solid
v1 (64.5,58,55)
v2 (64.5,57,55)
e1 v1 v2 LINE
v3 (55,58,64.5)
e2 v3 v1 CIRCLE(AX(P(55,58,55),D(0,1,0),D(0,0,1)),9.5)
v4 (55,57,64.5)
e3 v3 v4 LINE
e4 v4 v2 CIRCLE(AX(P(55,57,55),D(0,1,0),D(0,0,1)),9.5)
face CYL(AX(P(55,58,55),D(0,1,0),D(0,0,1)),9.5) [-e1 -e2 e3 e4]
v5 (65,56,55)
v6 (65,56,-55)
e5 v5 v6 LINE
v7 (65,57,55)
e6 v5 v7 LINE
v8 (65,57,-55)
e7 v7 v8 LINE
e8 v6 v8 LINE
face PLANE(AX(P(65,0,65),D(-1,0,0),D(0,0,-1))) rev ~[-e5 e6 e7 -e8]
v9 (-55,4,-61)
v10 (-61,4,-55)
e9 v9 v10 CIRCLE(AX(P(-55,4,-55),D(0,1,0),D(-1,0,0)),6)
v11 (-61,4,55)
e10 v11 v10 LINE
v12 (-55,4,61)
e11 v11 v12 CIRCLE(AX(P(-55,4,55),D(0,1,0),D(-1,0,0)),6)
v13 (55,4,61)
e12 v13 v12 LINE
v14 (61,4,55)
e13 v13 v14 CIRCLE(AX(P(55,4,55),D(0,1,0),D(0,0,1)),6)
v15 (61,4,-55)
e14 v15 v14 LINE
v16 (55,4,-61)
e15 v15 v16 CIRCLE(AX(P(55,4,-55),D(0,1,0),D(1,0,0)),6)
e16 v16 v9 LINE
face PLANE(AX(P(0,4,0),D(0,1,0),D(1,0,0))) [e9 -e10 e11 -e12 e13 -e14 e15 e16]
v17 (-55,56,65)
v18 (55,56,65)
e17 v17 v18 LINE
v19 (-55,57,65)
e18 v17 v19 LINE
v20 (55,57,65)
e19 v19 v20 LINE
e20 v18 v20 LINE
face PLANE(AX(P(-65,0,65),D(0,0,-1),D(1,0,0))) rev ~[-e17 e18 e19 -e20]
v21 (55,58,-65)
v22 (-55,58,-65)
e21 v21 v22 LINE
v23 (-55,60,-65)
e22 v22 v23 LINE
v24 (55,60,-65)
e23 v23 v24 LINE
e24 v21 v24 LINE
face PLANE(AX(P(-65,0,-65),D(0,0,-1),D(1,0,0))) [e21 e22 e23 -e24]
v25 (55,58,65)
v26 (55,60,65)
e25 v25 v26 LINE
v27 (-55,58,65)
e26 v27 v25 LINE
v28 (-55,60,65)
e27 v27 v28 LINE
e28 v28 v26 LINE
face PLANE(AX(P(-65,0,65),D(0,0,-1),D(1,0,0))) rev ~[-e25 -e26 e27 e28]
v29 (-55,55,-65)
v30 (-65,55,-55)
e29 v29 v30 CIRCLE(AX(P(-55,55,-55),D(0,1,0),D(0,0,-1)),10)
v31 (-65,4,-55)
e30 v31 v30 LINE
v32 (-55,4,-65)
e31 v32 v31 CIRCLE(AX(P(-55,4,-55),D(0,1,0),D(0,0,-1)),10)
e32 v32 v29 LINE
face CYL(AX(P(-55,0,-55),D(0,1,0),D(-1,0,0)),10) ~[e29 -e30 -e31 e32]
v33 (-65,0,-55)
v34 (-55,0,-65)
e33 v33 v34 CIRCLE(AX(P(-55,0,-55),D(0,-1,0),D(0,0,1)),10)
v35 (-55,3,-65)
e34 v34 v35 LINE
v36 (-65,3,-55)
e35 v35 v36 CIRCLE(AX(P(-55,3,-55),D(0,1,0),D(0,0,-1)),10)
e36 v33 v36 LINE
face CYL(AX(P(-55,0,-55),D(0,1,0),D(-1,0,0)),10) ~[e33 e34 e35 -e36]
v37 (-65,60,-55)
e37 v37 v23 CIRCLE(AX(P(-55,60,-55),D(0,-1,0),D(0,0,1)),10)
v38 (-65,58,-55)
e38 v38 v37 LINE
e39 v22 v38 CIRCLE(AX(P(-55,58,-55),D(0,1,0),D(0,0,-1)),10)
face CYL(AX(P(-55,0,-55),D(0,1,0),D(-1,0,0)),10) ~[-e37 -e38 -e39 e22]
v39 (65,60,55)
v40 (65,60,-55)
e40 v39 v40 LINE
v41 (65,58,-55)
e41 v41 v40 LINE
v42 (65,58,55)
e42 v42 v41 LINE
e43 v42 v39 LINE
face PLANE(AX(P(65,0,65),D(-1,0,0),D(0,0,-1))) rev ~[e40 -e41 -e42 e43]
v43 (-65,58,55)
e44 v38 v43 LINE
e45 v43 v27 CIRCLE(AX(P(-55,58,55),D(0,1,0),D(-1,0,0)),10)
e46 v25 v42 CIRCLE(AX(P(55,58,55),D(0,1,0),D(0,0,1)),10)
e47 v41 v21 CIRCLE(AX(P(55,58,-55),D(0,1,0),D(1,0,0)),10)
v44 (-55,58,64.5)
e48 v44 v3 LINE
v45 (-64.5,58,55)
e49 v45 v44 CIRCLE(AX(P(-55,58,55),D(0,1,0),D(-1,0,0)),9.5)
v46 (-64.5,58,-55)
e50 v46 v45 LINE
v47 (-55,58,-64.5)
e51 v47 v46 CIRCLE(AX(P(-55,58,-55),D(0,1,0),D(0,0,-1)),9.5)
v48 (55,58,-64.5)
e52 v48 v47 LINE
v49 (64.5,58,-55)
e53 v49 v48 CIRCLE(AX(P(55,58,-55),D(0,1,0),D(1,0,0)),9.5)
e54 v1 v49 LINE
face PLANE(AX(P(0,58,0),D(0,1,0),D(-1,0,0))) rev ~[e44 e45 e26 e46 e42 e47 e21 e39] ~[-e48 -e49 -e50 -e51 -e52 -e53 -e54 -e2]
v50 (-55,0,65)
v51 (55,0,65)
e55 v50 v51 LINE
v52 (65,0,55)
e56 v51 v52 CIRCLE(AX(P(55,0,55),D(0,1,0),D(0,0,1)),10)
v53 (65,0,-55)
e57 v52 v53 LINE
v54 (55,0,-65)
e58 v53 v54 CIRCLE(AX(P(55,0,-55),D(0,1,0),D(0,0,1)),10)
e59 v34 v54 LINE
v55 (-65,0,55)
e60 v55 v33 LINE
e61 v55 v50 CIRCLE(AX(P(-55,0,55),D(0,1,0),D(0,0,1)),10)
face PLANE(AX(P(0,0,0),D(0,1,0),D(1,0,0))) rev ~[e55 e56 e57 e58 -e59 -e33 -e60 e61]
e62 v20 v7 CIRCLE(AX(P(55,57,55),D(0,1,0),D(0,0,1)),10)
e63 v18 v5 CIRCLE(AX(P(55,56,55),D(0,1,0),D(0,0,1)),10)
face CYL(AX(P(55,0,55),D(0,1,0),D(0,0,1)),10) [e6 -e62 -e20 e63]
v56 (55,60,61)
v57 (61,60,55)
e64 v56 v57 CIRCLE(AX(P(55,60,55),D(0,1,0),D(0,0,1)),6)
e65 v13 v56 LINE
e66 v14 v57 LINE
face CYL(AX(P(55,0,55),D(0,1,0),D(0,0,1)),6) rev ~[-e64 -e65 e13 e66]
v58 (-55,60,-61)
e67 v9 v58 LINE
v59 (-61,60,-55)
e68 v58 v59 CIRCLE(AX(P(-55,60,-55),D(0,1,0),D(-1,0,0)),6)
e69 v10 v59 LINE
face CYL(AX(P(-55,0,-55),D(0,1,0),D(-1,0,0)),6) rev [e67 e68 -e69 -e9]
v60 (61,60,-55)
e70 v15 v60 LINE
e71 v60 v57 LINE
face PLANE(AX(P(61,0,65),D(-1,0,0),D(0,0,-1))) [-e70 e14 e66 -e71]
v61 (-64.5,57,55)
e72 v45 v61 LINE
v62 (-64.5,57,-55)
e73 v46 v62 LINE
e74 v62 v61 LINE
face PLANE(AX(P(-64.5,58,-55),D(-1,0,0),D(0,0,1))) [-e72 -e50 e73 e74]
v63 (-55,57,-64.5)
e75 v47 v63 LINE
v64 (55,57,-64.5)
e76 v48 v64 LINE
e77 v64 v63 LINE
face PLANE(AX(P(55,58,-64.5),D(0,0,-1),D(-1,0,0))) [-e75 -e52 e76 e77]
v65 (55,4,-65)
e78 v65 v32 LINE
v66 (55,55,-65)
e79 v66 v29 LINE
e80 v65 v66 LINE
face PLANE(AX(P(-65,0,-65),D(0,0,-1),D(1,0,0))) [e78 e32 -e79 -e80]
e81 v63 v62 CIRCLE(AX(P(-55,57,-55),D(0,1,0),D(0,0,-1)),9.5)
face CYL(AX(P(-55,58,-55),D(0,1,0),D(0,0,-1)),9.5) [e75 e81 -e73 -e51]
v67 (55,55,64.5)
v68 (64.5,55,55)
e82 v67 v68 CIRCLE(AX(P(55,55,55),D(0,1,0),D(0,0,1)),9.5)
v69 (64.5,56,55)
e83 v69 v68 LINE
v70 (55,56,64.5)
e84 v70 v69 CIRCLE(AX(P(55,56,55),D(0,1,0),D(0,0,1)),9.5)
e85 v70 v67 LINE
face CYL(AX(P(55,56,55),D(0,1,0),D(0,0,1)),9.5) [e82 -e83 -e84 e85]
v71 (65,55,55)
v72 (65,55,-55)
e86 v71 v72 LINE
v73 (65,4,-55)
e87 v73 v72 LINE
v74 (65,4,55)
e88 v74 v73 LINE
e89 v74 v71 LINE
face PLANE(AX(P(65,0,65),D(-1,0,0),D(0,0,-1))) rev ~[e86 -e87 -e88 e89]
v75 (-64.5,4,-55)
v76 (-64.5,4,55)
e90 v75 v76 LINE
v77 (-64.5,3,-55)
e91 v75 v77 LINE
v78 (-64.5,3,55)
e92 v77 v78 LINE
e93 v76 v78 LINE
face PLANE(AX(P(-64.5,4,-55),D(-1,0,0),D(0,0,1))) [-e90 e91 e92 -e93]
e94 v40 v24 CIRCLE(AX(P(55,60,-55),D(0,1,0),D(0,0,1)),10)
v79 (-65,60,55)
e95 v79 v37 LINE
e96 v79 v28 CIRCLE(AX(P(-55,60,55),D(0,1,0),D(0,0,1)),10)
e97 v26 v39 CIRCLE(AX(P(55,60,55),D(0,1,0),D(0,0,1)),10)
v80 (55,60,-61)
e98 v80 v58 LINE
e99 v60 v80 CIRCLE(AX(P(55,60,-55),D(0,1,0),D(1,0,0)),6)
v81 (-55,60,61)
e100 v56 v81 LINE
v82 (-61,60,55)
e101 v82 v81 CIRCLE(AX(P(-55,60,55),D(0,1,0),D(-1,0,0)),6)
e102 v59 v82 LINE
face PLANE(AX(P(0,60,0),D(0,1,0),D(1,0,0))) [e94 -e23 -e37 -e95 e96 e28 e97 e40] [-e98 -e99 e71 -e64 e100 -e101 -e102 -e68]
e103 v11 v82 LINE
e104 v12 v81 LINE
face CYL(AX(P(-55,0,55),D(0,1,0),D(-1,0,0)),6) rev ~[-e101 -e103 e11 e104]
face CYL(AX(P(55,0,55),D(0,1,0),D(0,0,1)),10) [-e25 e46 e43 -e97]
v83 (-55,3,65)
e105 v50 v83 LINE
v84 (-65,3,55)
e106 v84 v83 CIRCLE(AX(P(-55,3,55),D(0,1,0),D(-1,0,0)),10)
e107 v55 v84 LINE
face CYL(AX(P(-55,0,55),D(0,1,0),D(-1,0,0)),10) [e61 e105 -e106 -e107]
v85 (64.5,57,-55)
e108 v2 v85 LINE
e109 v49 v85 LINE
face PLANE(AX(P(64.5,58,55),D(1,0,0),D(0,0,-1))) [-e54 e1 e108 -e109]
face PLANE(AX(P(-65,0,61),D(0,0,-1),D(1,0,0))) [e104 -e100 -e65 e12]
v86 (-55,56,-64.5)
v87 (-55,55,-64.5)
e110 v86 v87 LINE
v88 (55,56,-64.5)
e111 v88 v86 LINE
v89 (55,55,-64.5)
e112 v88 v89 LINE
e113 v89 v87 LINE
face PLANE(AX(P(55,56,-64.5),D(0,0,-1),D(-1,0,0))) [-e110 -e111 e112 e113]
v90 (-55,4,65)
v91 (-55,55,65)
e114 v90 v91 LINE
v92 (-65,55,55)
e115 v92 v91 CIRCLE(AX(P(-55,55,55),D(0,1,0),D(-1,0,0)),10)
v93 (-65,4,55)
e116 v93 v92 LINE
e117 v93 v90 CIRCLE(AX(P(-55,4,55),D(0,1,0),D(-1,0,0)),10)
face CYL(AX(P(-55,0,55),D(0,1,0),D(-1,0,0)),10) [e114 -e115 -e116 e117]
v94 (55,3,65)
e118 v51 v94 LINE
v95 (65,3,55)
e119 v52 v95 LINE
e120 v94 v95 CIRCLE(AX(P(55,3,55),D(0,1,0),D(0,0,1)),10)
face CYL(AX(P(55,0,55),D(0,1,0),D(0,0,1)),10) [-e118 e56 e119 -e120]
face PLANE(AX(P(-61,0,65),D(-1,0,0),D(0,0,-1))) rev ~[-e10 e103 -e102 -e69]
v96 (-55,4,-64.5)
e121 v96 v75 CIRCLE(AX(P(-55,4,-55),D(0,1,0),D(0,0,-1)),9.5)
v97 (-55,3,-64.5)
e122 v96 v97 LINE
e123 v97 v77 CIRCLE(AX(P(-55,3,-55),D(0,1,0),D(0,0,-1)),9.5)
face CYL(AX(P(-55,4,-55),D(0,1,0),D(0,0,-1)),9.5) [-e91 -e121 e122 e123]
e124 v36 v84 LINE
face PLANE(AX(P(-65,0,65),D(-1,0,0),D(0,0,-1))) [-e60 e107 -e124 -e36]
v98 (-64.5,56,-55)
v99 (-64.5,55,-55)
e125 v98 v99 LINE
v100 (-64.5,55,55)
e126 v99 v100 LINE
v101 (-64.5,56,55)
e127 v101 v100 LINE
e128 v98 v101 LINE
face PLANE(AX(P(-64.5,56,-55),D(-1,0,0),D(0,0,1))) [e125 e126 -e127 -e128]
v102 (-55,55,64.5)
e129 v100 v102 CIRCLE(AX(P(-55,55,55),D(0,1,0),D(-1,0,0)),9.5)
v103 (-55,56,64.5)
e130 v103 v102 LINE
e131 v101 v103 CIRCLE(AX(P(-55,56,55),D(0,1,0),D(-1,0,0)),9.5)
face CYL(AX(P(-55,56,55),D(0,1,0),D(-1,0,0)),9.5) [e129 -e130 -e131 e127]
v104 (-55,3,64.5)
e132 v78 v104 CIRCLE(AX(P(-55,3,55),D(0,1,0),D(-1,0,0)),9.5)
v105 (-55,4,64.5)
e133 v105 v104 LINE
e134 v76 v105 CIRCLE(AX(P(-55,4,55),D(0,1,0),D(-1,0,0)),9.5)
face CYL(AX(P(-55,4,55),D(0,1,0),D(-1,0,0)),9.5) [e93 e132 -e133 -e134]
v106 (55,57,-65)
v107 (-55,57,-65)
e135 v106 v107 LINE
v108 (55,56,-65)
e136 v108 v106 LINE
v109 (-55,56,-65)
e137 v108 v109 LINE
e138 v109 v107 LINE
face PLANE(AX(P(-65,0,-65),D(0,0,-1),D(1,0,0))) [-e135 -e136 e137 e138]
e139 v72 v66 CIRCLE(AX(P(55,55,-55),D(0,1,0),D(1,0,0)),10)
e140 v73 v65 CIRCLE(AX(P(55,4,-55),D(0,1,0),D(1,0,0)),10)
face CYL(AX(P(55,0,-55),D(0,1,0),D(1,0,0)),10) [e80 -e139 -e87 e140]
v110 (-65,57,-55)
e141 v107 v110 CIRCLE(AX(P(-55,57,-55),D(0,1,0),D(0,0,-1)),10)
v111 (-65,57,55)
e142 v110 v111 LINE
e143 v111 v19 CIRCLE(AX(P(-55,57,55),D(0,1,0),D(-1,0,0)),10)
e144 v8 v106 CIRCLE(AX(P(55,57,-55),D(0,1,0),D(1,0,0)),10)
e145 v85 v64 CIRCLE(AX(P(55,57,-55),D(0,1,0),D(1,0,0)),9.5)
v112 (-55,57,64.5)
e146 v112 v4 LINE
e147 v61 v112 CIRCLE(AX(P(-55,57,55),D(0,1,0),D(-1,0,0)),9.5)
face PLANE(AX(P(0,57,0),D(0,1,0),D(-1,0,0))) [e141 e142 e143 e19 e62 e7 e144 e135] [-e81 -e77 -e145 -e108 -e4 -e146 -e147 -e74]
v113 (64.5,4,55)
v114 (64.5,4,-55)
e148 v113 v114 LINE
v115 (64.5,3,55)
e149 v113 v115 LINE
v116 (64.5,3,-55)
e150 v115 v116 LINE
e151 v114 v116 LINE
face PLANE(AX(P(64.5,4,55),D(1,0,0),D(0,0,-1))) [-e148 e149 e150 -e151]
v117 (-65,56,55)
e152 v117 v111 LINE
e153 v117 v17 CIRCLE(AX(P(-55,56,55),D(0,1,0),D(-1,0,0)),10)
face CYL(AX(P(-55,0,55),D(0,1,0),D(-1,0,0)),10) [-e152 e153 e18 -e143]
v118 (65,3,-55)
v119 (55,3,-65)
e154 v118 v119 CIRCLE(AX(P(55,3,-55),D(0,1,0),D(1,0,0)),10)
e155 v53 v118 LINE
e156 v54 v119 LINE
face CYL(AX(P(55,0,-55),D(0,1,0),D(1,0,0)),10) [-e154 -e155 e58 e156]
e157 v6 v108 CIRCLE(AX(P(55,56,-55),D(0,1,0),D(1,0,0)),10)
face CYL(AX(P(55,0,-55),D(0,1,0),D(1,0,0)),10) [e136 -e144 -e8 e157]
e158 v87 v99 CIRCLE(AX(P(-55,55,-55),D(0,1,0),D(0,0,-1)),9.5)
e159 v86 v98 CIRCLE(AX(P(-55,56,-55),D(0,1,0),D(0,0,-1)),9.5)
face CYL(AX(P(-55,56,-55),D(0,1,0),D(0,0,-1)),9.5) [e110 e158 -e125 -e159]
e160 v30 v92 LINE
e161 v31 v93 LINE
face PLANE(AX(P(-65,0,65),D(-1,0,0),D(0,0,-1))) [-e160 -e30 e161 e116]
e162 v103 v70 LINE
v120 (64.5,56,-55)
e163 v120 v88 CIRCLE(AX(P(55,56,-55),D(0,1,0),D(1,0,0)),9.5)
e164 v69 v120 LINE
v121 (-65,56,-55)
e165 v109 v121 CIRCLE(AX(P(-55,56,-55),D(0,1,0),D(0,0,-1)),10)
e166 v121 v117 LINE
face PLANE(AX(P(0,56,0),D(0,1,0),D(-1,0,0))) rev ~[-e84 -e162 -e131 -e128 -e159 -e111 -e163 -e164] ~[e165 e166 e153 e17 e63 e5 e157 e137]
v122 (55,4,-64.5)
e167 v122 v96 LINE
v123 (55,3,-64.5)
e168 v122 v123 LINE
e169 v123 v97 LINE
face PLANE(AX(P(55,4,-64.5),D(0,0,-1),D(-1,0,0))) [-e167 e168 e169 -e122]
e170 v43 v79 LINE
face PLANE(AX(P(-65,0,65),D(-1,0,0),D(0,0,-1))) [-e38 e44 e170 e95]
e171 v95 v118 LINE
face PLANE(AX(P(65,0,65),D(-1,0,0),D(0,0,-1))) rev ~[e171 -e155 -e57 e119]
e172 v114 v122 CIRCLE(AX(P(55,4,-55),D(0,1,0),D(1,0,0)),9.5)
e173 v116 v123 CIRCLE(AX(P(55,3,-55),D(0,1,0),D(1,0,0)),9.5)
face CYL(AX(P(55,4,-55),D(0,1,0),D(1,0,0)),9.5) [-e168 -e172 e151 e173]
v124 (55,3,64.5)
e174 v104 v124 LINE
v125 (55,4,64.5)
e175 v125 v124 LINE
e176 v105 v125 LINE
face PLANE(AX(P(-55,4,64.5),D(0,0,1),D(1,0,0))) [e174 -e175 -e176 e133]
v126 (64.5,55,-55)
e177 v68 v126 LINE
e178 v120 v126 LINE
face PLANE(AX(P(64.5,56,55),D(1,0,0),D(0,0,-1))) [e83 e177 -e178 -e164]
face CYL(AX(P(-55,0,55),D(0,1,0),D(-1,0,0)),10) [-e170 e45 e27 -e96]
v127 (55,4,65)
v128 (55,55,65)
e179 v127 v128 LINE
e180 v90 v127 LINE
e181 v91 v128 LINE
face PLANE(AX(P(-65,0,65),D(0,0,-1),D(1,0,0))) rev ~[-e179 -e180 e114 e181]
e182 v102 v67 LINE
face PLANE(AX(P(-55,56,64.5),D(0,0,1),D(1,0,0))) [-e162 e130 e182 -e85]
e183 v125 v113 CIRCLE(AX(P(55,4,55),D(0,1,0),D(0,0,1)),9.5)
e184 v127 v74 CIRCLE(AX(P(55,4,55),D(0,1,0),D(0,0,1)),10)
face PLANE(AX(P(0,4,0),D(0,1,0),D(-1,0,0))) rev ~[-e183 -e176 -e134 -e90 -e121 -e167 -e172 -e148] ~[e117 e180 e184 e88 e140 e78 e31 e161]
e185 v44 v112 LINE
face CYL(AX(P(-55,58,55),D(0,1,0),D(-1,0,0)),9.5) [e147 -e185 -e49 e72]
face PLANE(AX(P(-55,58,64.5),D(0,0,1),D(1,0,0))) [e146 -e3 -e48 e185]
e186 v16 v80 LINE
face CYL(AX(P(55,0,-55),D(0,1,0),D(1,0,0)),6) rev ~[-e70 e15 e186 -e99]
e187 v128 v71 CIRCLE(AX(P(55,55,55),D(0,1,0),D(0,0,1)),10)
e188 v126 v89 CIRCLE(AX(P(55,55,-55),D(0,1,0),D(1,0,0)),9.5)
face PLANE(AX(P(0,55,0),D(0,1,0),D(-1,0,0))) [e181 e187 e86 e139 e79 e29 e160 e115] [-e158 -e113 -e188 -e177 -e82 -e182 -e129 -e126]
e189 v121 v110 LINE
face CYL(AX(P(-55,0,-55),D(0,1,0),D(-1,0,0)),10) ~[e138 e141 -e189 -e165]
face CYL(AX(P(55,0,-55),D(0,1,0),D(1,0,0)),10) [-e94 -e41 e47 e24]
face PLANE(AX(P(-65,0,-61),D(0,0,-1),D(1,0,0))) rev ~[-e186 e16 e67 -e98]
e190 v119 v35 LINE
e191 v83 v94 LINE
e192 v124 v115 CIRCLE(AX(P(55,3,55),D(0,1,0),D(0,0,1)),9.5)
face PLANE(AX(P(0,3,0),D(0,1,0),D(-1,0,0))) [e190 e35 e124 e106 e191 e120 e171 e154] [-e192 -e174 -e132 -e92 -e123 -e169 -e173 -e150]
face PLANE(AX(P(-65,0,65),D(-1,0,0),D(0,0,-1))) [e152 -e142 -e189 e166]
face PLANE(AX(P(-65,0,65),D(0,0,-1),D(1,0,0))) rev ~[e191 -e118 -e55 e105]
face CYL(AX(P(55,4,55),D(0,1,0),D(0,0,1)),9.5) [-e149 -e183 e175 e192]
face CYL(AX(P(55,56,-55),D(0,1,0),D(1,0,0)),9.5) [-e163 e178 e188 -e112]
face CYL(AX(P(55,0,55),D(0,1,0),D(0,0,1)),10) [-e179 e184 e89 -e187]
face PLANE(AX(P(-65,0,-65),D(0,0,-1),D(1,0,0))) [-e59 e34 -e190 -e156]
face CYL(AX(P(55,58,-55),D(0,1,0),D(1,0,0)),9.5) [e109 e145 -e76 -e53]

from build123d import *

# Parameters (mm, degrees)
CROQUIS1_W              = 130
CROQUIS1_H              = 130
SALIENTE_EXTRUIR1_DEPTH = 60
REDONDEO1_R             = 10
VACIADO1_T              = -4
CORTAR_EXTRUIR1_START   = -58
CORTAR_EXTRUIR1_DEPTH   = 1
CORTAR_EXTRUIR2_START   = -56
CORTAR_EXTRUIR2_DEPTH   = 1
CORTAR_EXTRUIR3_START   = -4
CORTAR_EXTRUIR3_DEPTH   = 1


with BuildPart() as part:
    # Croquis1 → Saliente-Extruir1 (new body)
    with BuildSketch(Plane(origin=(0, 0, 0), x_dir=(1, 0, 0), z_dir=(0, 1, 0))):
        Rectangle(CROQUIS1_W, CROQUIS1_H)
    extrude(amount=SALIENTE_EXTRUIR1_DEPTH)

    # Redondeo1
    redondeo1_edges = [part.edges().sort_by_distance(p)[0] for p in [
        (-65, 30, -65),
        (65, 30, -65),
        (65, 30, 65),
        (-65, 30, 65),
    ]]
    fillet(redondeo1_edges, radius=REDONDEO1_R)

    # Vaciado1
    vaciado1_openings = [part.faces().sort_by_distance(p)[0] for p in [
        (0, 60, 0),
    ]]
    offset(amount=VACIADO1_T, openings=vaciado1_openings, kind=Kind.INTERSECTION)

    # Croquis2 → Cortar-Extruir1 (cut)
    with BuildSketch(Plane.XZ.offset(CORTAR_EXTRUIR1_START)):
        with BuildLine():
            Line((55, -65), (-55, -65))
            ThreePointArc((-55, -65), (-62.071067812, -62.071067812), (-65, -55))
            Line((-65, -55), (-65, 55))
            ThreePointArc((-65, 55), (-62.071067812, 62.071067812), (-55, 65))
            Line((-55, 65), (55, 65))
            ThreePointArc((55, 65), (62.071067812, 62.071067812), (65, 55))
            Line((65, 55), (65, -55))
            ThreePointArc((65, -55), (62.071067812, -62.071067812), (55, -65))
        make_face()
        with BuildLine():
            Line((55, -64.5), (-55, -64.5))
            ThreePointArc((-55, -64.5), (-61.717514421, -61.717514421), (-64.5, -55))
            Line((-64.5, -55), (-64.5, 55))
            ThreePointArc((-64.5, 55), (-61.717514421, 61.717514421), (-55, 64.5))
            Line((-55, 64.5), (55, 64.5))
            ThreePointArc((55, 64.5), (61.717514421, 61.717514421), (64.5, 55))
            Line((64.5, 55), (64.5, -55))
            ThreePointArc((64.5, -55), (61.717514421, -61.717514421), (55, -64.5))
        make_face(mode=Mode.SUBTRACT)
    extrude(amount=CORTAR_EXTRUIR1_DEPTH, mode=Mode.SUBTRACT)

    # Croquis2<2> → Cortar-Extruir2 (cut)
    with BuildSketch(Plane.XZ.offset(CORTAR_EXTRUIR2_START)):
        with BuildLine():
            Line((55, -65), (-55, -65))
            ThreePointArc((-55, -65), (-62.071067812, -62.071067812), (-65, -55))
            Line((-65, -55), (-65, 55))
            ThreePointArc((-65, 55), (-62.071067812, 62.071067812), (-55, 65))
            Line((-55, 65), (55, 65))
            ThreePointArc((55, 65), (62.071067812, 62.071067812), (65, 55))
            Line((65, 55), (65, -55))
            ThreePointArc((65, -55), (62.071067812, -62.071067812), (55, -65))
        make_face()
        with BuildLine():
            Line((55, -64.5), (-55, -64.5))
            ThreePointArc((-55, -64.5), (-61.717514421, -61.717514421), (-64.5, -55))
            Line((-64.5, -55), (-64.5, 55))
            ThreePointArc((-64.5, 55), (-61.717514421, 61.717514421), (-55, 64.5))
            Line((-55, 64.5), (55, 64.5))
            ThreePointArc((55, 64.5), (61.717514421, 61.717514421), (64.5, 55))
            Line((64.5, 55), (64.5, -55))
            ThreePointArc((64.5, -55), (61.717514421, -61.717514421), (55, -64.5))
        make_face(mode=Mode.SUBTRACT)
    extrude(amount=CORTAR_EXTRUIR2_DEPTH, mode=Mode.SUBTRACT)

    # Croquis2<3> → Cortar-Extruir3 (cut)
    with BuildSketch(Plane.XZ.offset(CORTAR_EXTRUIR3_START)):
        with BuildLine():
            Line((55, -65), (-55, -65))
            ThreePointArc((-55, -65), (-62.071067812, -62.071067812), (-65, -55))
            Line((-65, -55), (-65, 55))
            ThreePointArc((-65, 55), (-62.071067812, 62.071067812), (-55, 65))
            Line((-55, 65), (55, 65))
            ThreePointArc((55, 65), (62.071067812, 62.071067812), (65, 55))
            Line((65, 55), (65, -55))
            ThreePointArc((65, -55), (62.071067812, -62.071067812), (55, -65))
        make_face()
        with BuildLine():
            Line((55, -64.5), (-55, -64.5))
            ThreePointArc((-55, -64.5), (-61.717514421, -61.717514421), (-64.5, -55))
            Line((-64.5, -55), (-64.5, 55))
            ThreePointArc((-64.5, 55), (-61.717514421, 61.717514421), (-55, 64.5))
            Line((-55, 64.5), (55, 64.5))
            ThreePointArc((55, 64.5), (61.717514421, 61.717514421), (64.5, 55))
            Line((64.5, 55), (64.5, -55))
            ThreePointArc((64.5, -55), (61.717514421, -61.717514421), (55, -64.5))
        make_face(mode=Mode.SUBTRACT)
    extrude(amount=CORTAR_EXTRUIR3_DEPTH, mode=Mode.SUBTRACT)


solid = part.part
